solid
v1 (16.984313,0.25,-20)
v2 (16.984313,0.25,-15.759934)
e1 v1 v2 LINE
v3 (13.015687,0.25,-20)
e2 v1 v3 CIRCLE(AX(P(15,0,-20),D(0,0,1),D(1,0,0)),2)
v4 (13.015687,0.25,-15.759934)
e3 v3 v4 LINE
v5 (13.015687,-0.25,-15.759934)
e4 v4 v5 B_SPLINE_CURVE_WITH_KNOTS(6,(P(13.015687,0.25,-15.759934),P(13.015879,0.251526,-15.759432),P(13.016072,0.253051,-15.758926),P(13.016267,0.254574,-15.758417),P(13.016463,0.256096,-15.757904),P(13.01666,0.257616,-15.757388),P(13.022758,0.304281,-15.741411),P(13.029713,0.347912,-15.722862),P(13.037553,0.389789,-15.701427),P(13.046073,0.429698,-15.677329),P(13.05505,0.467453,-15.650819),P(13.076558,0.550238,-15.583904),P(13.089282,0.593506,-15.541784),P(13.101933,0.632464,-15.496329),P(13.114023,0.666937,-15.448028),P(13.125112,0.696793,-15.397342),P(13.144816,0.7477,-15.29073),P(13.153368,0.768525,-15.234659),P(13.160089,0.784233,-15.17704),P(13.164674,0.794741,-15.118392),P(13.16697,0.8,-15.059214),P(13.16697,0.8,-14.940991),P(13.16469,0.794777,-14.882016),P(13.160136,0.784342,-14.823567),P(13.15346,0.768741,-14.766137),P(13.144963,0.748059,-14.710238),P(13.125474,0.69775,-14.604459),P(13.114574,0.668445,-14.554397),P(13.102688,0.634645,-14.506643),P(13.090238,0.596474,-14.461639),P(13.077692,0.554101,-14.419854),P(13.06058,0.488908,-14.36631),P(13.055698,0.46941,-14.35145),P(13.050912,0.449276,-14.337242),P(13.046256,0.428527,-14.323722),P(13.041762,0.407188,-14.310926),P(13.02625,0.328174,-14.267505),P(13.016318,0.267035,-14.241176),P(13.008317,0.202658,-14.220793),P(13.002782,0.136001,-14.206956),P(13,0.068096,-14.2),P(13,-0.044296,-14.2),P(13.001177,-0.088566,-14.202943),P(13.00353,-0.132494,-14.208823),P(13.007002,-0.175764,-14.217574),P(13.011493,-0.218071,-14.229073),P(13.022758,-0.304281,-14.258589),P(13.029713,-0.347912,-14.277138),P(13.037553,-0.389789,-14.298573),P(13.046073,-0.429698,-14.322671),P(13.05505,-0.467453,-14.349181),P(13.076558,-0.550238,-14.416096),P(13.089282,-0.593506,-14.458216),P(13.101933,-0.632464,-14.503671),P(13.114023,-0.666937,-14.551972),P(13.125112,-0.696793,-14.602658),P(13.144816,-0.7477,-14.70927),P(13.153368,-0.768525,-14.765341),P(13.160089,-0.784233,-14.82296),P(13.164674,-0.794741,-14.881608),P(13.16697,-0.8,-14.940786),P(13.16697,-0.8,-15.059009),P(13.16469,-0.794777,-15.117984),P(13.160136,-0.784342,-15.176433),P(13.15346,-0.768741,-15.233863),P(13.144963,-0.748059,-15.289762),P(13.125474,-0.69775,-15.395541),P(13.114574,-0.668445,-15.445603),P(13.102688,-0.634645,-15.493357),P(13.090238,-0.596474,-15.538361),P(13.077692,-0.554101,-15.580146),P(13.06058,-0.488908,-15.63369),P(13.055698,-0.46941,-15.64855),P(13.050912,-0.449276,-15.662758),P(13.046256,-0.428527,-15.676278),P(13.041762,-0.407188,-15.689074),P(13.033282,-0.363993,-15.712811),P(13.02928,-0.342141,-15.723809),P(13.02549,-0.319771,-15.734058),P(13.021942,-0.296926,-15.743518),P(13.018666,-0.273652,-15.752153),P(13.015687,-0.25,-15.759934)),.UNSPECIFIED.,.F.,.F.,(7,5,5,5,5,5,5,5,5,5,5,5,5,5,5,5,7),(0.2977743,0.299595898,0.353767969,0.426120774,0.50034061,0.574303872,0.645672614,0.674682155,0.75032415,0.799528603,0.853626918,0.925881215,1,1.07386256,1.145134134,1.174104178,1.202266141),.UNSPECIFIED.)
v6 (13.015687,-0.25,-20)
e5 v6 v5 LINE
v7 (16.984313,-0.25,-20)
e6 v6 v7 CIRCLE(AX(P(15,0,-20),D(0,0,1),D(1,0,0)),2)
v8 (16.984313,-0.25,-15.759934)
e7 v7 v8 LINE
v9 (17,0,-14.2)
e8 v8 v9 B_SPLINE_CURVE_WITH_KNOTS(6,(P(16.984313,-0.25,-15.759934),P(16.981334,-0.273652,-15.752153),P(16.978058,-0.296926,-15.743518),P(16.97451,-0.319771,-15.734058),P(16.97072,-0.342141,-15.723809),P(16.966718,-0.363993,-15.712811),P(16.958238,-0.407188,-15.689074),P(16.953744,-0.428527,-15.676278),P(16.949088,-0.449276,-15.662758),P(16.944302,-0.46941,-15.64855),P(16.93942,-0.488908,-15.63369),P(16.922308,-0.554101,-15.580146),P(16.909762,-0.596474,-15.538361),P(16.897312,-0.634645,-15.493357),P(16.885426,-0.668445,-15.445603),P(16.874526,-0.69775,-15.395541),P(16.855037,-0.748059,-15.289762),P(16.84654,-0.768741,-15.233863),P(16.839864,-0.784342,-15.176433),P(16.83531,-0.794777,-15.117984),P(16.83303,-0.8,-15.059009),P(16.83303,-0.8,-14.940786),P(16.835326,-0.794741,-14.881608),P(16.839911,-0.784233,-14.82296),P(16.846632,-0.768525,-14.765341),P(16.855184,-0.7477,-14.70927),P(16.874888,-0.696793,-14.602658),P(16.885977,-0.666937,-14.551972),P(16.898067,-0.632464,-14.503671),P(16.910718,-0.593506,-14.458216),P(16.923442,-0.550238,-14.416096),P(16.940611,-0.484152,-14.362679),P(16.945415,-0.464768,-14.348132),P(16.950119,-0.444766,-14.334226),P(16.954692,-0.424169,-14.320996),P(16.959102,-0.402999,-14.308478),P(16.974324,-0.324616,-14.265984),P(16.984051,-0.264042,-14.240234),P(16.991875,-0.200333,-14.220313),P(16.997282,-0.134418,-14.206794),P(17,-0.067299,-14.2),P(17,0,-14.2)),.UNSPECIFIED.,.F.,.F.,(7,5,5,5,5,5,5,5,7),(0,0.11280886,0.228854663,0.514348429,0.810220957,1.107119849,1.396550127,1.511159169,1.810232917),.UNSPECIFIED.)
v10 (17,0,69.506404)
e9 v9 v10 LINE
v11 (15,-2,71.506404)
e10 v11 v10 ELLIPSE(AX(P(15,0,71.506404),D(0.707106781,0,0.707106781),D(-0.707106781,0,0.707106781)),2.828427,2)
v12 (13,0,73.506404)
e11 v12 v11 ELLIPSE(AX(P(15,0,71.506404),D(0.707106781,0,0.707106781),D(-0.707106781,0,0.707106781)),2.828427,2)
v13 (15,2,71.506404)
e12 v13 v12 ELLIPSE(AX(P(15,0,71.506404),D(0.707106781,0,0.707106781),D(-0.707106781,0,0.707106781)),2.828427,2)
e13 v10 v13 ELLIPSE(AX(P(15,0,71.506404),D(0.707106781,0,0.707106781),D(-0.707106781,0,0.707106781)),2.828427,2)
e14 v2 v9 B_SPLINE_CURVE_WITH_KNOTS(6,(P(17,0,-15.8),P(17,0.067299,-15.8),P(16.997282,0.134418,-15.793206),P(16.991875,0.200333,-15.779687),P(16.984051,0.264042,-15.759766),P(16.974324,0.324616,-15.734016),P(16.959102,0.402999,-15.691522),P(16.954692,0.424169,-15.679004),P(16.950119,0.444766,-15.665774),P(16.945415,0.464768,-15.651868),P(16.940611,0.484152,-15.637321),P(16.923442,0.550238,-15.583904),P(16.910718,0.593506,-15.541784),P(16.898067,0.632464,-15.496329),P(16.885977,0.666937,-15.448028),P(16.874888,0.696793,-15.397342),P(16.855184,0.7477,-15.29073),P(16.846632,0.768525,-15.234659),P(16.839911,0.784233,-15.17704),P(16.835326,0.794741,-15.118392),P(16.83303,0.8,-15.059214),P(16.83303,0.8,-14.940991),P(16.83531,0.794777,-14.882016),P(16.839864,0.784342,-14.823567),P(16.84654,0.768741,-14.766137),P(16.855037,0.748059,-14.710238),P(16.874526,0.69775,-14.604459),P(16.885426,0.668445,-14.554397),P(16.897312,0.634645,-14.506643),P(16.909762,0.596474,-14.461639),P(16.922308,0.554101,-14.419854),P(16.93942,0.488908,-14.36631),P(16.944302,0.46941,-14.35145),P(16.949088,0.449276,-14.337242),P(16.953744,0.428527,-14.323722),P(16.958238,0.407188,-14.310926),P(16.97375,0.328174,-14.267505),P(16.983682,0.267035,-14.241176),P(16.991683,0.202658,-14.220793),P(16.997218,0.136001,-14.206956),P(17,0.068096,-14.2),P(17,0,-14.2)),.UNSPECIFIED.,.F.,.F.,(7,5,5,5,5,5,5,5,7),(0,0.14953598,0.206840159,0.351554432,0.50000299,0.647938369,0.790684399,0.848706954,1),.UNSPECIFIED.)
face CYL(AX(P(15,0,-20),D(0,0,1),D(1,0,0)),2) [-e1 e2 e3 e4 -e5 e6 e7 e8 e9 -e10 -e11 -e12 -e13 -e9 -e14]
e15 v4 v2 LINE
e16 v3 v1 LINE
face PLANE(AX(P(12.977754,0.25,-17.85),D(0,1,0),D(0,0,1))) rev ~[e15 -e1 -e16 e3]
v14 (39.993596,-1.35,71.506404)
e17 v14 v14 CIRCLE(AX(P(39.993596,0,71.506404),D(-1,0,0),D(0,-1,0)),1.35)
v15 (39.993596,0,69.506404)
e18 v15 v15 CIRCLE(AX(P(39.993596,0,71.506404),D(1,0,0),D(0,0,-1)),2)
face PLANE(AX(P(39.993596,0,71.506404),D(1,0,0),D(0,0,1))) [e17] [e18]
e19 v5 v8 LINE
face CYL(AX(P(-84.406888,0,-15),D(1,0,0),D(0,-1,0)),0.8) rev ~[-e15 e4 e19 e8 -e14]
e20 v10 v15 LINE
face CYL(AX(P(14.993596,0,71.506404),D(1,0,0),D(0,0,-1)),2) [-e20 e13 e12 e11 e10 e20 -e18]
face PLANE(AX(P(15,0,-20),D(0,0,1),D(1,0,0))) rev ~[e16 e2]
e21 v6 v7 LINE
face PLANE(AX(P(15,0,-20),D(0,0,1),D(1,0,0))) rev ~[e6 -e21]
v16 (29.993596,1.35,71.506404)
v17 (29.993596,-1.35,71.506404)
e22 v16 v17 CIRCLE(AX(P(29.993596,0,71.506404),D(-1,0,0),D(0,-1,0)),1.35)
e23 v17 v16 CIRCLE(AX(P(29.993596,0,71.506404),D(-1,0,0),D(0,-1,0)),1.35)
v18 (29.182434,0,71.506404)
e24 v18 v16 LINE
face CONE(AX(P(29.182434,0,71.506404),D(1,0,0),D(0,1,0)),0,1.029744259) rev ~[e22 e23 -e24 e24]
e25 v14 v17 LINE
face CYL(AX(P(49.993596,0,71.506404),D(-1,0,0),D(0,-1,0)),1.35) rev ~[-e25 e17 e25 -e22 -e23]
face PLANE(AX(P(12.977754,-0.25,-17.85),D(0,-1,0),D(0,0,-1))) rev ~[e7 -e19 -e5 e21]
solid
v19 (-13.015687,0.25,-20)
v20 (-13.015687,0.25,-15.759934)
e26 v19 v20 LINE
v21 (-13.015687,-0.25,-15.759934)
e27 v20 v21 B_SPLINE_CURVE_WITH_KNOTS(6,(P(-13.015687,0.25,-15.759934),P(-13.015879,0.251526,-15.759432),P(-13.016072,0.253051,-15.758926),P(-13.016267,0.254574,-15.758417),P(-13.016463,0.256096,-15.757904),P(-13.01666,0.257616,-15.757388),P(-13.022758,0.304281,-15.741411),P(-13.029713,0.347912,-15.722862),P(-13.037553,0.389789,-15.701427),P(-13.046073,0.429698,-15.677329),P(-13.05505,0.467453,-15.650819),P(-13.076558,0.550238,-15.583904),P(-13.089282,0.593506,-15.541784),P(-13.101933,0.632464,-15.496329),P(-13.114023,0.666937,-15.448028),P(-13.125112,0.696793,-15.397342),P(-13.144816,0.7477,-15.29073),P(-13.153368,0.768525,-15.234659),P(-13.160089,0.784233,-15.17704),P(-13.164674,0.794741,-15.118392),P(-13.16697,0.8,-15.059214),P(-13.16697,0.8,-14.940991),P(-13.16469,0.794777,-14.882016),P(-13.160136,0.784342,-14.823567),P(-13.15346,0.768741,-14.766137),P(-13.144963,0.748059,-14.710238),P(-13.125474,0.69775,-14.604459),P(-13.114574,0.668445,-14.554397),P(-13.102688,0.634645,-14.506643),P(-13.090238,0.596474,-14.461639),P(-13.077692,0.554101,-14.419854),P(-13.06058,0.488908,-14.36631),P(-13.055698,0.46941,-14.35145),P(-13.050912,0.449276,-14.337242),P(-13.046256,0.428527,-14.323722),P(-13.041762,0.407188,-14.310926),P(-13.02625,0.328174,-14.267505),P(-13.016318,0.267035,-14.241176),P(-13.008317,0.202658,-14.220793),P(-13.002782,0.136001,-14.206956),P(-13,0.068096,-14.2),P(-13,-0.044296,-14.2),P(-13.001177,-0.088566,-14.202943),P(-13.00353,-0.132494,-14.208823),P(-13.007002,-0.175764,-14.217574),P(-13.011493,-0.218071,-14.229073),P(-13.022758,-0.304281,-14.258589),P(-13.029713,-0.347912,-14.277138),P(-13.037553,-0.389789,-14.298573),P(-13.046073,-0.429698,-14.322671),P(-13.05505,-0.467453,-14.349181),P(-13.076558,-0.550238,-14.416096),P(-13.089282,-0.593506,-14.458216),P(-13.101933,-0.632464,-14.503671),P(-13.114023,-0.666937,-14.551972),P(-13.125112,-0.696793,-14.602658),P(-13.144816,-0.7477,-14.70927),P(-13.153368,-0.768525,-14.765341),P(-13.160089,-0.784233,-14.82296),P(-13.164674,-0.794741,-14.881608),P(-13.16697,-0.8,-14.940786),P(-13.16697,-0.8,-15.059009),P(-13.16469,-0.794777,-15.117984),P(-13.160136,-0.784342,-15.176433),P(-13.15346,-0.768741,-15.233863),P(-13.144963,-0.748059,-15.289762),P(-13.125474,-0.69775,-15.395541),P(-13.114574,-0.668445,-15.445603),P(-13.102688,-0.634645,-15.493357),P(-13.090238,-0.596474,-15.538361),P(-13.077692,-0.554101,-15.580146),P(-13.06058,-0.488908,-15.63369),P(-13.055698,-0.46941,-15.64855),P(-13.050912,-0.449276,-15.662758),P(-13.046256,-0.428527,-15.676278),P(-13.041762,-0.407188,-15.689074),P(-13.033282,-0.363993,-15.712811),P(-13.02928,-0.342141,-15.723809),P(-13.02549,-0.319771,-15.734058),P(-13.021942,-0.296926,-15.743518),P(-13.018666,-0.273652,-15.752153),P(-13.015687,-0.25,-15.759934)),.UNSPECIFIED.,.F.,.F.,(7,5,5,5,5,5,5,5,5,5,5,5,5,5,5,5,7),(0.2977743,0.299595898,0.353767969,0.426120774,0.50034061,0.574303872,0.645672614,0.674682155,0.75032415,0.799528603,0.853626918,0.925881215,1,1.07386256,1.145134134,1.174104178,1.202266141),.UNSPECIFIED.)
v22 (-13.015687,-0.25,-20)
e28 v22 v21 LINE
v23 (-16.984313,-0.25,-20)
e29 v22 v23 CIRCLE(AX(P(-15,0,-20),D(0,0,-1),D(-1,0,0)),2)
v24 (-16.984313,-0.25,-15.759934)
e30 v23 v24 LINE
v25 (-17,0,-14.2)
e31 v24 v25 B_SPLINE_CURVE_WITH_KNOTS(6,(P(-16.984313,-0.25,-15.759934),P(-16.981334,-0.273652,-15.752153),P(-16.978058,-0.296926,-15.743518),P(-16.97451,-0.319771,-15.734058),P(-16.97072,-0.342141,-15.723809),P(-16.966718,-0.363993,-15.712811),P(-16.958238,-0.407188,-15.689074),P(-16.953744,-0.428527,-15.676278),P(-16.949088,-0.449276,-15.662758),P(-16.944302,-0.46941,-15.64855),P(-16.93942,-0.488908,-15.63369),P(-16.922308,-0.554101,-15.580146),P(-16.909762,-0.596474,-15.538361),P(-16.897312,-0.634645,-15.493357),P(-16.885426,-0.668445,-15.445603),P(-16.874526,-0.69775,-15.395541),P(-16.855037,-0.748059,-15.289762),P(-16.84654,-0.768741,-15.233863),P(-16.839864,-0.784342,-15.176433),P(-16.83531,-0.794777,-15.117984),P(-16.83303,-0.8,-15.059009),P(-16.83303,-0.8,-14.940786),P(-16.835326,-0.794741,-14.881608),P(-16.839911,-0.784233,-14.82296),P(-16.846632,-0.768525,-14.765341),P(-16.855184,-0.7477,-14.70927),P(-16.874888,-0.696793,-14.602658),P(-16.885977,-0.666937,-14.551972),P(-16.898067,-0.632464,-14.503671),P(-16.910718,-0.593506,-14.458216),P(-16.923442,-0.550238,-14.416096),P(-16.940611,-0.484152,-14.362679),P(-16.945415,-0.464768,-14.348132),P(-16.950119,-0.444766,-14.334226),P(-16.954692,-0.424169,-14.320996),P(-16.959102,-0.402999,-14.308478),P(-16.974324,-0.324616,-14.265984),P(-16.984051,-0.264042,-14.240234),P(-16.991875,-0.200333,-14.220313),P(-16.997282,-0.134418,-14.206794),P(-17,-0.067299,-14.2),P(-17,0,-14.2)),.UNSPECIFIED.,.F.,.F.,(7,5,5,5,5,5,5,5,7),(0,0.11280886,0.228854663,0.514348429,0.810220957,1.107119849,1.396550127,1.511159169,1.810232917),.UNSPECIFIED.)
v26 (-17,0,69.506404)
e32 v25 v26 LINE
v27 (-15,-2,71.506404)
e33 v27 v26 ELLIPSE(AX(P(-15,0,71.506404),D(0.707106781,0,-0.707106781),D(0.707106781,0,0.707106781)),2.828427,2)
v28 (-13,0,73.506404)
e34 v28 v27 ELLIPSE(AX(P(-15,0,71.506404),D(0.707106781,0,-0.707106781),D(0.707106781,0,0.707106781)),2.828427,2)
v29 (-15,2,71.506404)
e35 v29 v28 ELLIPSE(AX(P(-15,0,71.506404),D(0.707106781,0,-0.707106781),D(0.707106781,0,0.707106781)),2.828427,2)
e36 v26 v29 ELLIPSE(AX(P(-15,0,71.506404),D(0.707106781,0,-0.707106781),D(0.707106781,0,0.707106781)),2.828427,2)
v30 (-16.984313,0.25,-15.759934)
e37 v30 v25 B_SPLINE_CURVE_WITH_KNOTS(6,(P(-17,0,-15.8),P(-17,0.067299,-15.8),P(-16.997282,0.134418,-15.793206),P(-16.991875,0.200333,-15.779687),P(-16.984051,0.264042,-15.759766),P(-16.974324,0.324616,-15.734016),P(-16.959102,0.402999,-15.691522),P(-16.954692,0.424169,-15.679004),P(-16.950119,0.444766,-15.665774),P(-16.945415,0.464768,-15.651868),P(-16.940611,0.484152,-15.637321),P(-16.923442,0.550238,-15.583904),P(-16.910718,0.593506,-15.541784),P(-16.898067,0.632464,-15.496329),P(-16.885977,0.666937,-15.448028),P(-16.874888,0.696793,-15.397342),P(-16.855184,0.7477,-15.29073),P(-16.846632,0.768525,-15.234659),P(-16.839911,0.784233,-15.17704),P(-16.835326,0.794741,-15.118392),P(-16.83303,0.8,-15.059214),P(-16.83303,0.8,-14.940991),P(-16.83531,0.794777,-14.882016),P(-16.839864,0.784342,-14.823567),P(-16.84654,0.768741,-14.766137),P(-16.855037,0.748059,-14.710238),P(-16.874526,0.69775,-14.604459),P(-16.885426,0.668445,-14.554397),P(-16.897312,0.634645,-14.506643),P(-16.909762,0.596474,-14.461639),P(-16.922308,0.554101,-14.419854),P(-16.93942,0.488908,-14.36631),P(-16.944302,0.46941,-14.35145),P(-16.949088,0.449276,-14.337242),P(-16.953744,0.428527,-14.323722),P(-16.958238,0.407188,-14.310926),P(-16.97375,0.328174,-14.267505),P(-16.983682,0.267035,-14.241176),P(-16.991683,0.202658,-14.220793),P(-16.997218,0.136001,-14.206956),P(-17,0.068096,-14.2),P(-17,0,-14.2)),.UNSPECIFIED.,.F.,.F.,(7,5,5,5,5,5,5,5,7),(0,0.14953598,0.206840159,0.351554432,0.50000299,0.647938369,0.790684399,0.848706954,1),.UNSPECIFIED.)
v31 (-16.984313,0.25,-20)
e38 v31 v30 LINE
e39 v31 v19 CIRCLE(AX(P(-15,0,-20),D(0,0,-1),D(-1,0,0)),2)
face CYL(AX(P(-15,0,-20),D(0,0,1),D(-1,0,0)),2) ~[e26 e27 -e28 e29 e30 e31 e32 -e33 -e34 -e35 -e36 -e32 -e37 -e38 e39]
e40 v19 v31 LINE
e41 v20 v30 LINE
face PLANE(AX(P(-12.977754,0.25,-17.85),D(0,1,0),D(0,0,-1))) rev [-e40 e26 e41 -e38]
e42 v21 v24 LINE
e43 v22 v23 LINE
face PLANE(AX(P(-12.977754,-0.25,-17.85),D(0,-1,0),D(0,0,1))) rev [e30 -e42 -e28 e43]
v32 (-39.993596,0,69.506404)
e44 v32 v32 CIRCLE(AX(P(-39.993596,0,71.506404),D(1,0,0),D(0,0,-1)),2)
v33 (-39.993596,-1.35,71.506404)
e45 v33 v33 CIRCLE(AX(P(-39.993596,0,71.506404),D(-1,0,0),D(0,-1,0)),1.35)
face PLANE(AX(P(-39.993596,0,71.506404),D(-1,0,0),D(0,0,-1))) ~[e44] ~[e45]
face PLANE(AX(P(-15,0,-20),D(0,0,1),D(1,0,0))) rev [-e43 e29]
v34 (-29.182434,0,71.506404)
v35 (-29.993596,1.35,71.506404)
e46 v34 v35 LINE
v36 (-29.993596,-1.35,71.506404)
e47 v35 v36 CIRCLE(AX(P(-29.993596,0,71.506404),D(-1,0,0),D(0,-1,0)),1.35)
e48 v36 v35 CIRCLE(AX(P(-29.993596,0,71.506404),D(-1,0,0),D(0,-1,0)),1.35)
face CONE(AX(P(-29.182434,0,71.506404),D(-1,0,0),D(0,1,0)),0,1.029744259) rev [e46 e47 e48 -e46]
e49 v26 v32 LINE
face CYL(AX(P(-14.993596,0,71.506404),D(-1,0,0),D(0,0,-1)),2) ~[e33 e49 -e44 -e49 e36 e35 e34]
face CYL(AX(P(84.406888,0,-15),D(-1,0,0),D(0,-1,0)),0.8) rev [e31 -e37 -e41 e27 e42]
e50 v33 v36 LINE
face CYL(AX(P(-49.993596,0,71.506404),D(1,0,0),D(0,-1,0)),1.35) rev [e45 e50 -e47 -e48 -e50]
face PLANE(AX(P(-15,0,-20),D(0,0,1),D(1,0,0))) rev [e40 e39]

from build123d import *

# Parameters (mm, degrees)
F1_R      = 2
F6_D      = 1.6
F7_W      = 0.5
F7_H      = 4.3
F11_D     = 2.7
F11_DEPTH = 10
F11_TIP   = 0.8111618357


with BuildPart() as f3:
    # F3: sweep along a path in F2
    with BuildLine(Plane.XZ) as f3_path:
        Line((15, -19.9935957789), (15, 71.5064042211))
        Line((15, 71.5064042211), (40, 71.5064042211))
    # F1 (on offset) → F3 (sweep)
    with BuildSketch(Plane.XY.offset(-20)):
        with Locations((15, 0)):
            Circle(F1_R)
    sweep(path=f3_path.line, transition=Transition.RIGHT)

    # F6 (through all)
    with Locations(Plane(origin=(13, 0, 0), x_dir=(0, 1, 0), z_dir=(-1, 0, 0))):
        with Locations((0, 15)):
            Hole(F6_D / 2)

    # F9: sweep along a path in F8
    with BuildLine(Plane.XZ) as f9_path:
        Line((12.9777537659, -18.3893050998), (17.0004218817, -18.3893050998))
    # F7 (on offset) → F9 (sweep, cut)
    with BuildSketch(Plane.YZ.offset(13)):
        with Locations((0, -17.85)):
            Rectangle(F7_W, F7_H)
    sweep(path=f9_path.line, mode=Mode.SUBTRACT)

    # F11
    with Locations(Plane.YZ.offset(39.9935957789)):
        with Locations((0, 71.5064042211)):
            Hole(F11_D / 2, depth=F11_DEPTH)
            with Locations((0, 0, -(F11_DEPTH + F11_TIP / 2))):  # 118° drill point
                Cone(0, F11_D / 2, F11_TIP, mode=Mode.SUBTRACT)


with BuildPart() as f12_1:
    # F12: instance of F3
    add(f3.part.mirror(Plane.YZ))


solid = Compound([f3.part, f12_1.part])
